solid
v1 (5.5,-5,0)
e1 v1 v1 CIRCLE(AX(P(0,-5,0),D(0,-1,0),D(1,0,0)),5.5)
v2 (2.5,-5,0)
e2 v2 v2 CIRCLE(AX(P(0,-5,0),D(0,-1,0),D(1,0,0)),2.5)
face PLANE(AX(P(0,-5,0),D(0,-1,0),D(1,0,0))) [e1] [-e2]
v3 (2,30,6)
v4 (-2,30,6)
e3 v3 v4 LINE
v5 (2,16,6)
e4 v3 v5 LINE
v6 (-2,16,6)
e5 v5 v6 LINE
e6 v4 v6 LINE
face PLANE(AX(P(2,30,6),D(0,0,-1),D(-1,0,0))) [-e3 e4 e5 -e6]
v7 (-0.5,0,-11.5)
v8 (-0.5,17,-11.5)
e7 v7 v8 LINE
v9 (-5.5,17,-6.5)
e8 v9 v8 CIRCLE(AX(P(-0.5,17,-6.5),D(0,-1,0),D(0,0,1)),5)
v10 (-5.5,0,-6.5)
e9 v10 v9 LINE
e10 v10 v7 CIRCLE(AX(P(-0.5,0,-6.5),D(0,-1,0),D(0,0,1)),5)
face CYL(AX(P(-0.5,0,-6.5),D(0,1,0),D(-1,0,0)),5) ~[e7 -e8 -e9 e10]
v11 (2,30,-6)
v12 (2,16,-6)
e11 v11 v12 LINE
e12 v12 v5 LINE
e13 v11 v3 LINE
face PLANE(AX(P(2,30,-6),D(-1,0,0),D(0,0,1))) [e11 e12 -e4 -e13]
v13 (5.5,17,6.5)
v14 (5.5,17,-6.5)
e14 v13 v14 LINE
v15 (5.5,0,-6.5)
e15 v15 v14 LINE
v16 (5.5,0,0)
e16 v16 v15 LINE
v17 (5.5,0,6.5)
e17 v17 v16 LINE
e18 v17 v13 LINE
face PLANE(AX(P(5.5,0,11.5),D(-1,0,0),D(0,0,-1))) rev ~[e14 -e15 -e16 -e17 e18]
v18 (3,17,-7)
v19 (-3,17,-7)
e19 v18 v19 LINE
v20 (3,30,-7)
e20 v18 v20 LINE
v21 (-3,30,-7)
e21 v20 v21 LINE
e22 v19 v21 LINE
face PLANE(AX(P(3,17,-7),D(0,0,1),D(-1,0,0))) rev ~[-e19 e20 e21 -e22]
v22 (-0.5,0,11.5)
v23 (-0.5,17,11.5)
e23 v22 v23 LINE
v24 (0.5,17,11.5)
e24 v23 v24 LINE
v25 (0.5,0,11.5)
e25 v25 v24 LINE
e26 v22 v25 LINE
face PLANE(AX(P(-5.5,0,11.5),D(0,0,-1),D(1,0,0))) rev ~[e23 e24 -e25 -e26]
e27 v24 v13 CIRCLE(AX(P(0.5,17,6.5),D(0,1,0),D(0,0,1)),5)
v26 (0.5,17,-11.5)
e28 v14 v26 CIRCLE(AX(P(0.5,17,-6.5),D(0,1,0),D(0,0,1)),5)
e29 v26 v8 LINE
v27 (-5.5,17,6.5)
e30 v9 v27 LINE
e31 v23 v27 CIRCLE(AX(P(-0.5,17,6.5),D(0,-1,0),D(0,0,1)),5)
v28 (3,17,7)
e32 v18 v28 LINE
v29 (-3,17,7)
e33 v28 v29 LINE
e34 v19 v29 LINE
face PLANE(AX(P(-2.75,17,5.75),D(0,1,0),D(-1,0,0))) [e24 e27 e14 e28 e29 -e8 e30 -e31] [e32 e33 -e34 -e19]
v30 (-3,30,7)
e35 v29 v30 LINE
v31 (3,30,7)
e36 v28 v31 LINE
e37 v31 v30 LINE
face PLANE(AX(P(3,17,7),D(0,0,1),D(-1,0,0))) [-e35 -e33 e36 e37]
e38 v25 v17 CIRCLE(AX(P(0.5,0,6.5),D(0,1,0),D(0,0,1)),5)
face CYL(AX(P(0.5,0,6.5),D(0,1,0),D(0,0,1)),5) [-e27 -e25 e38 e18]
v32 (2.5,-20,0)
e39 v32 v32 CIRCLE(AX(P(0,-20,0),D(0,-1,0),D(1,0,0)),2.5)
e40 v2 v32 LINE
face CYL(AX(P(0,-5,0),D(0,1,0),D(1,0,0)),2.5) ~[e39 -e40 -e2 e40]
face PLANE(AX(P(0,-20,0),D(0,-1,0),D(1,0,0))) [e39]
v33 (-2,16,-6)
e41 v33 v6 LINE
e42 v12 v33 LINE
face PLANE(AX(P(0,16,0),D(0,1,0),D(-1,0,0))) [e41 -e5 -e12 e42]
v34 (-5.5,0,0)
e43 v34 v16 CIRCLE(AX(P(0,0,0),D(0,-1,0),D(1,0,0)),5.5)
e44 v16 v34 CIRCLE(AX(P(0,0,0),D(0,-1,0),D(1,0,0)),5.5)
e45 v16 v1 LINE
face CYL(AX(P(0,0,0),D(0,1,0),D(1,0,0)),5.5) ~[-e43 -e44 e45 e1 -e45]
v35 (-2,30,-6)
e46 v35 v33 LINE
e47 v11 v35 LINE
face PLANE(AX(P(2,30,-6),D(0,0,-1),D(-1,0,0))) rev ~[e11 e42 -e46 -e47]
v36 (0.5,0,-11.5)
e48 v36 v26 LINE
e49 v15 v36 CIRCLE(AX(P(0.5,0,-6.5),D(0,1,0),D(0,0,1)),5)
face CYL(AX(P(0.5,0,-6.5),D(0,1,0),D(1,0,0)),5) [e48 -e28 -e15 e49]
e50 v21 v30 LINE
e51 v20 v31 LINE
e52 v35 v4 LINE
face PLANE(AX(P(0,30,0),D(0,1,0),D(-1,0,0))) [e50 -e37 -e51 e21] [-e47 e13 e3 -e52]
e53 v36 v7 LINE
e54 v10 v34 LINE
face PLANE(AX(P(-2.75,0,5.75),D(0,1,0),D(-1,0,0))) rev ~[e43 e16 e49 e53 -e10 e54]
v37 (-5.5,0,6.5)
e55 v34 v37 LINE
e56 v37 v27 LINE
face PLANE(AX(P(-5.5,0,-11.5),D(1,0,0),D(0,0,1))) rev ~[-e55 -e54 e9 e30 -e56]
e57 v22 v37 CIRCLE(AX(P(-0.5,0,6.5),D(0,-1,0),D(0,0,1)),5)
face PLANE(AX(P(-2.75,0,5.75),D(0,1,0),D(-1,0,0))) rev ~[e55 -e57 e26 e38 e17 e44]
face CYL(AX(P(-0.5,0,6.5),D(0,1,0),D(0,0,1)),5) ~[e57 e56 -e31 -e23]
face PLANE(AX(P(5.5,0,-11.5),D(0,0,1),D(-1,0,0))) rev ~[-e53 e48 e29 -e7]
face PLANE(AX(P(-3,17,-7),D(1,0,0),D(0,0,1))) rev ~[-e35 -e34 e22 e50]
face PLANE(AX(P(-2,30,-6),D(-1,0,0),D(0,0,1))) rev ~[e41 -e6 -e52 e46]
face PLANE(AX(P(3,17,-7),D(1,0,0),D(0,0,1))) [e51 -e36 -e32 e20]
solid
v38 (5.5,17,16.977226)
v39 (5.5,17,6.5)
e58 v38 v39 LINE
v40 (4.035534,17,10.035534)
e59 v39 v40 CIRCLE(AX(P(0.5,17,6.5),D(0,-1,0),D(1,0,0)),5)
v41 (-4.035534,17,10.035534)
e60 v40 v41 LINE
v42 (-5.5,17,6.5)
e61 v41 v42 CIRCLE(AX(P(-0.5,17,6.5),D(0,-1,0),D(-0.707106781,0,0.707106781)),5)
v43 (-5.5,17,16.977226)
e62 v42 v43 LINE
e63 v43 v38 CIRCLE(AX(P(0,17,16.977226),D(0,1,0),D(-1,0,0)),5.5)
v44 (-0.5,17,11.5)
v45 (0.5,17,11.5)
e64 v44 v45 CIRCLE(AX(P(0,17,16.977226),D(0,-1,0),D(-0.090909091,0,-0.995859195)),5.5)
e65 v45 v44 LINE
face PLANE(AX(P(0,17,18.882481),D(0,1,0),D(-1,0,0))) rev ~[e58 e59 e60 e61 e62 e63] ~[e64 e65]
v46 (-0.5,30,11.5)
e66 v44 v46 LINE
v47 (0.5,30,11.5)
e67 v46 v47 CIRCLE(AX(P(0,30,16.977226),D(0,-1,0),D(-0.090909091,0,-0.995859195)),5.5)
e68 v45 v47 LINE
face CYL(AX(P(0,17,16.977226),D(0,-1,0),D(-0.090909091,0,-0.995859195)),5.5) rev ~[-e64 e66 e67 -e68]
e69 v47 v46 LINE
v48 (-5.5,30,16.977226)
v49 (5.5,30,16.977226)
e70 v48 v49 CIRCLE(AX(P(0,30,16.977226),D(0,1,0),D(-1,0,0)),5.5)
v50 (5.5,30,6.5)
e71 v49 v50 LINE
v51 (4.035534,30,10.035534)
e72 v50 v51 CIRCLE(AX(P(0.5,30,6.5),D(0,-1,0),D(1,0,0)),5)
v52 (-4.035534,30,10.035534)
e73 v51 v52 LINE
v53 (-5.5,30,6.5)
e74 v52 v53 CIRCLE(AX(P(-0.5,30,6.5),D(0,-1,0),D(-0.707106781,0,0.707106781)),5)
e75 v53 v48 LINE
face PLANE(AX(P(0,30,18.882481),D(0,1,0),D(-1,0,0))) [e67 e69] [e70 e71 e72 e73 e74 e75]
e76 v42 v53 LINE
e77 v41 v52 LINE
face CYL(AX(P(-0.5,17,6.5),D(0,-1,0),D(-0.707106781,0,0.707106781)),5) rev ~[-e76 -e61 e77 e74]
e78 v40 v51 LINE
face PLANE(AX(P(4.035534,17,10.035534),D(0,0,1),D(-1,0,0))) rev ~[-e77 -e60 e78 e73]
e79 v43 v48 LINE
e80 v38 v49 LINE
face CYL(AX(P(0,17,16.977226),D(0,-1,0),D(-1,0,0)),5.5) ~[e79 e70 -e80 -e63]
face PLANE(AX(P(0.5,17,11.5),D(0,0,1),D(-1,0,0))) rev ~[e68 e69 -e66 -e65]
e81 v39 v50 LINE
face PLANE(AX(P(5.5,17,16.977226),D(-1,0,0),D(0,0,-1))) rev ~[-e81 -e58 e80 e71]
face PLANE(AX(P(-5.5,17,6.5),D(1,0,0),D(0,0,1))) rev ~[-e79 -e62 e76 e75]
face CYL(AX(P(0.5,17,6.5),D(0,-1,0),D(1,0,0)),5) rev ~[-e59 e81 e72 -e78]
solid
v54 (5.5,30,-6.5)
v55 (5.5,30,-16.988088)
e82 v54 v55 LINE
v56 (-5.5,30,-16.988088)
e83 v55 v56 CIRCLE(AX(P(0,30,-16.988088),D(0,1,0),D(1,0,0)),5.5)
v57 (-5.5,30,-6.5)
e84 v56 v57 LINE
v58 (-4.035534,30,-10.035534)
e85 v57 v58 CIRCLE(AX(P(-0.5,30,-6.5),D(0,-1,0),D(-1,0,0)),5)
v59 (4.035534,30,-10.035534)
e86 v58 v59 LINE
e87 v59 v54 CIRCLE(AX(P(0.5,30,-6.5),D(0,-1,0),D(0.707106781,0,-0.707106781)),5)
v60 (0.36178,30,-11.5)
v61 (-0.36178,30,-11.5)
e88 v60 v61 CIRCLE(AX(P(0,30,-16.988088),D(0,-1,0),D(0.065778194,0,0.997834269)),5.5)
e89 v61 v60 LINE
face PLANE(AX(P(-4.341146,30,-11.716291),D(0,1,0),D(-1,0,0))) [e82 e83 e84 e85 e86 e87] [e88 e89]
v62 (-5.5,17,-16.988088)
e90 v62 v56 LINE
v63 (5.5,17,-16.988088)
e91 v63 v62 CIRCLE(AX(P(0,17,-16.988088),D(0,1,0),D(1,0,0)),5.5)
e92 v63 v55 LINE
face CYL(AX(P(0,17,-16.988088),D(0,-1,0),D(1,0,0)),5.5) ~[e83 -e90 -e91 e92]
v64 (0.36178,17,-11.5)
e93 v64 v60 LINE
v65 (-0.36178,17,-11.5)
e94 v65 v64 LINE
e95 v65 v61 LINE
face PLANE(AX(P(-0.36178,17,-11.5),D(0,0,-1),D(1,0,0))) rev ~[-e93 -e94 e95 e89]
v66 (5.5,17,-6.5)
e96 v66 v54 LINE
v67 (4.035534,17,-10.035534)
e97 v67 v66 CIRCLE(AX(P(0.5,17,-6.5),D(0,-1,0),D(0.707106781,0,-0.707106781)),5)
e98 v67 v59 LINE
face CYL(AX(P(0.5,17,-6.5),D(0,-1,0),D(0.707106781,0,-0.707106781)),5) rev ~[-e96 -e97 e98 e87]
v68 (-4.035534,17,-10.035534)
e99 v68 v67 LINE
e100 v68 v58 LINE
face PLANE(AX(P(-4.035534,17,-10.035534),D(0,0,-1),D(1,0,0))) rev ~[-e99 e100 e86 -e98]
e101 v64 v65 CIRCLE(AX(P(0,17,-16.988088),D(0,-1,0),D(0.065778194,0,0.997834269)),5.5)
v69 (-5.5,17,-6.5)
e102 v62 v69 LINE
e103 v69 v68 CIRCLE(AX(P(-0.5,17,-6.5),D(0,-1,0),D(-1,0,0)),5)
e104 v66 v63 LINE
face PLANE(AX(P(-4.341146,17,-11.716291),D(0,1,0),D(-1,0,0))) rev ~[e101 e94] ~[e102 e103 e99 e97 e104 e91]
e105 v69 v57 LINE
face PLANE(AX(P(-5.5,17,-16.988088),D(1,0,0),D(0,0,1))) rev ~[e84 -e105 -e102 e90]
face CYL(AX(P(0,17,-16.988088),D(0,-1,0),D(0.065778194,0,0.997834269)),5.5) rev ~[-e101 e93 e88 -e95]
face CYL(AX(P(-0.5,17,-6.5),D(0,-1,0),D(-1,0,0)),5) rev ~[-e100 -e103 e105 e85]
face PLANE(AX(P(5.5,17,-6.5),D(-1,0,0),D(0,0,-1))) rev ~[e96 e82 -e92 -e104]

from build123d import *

# Parameters (mm, degrees)
F0_R      = 5.5
F1_DEPTH  = 5
F2_R      = 2.5
F3_DEPTH  = 15
F5_DEPTH  = 17
F6_R      = 5
F7_W      = 6
F7_H      = 14
F8_DEPTH  = 13
F9_W      = 4
F9_H      = 12
F10_DEPTH = 14
F12_DEPTH = 13


with BuildPart() as f1:
    # F0 (on Front) → F1 (new body)
    with BuildSketch(Plane.XZ):
        Circle(F0_R)
    extrude(amount=F1_DEPTH)

    # F2 (on face) → F3 (join)
    with BuildSketch(Plane.XZ.offset(5)):
        Circle(F2_R)
    extrude(amount=F3_DEPTH)

    # F4 (on face) → F5 (join)
    with BuildSketch(Plane(origin=(0, 0, 0), x_dir=(-1, 0, 0), z_dir=(0, 1, 0))):
        Polygon((0, 5.5), (0, 0), (5.5, 0), (5.5, 11.5), (0, 11.5), align=None)
        Polygon((0, -5.5), (0, 0), (-5.5, 0), (-5.5, -11.5), (0, -11.5), align=None)
        Polygon((-5.5, 0), (0, 0), (0, 5.5), (0, 11.5), (-5.5, 11.5), align=None)
        Polygon((5.5, 0), (0, 0), (0, -5.5), (0, -11.5), (5.5, -11.5), align=None)
    extrude(amount=F5_DEPTH)

    # F6
    f6_edges = [f1.edges().sort_by_distance(p)[0] for p in [
        (-5.5, 8.5, -11.5),
        (5.5, 8.5, -11.5),
        (5.5, 8.5, 11.5),
        (-5.5, 8.5, 11.5),
    ]]
    fillet(f6_edges, radius=F6_R)

    # F7 (on face) → F8 (join)
    with BuildSketch(Plane(origin=(0, 17, 0), x_dir=(-1, 0, 0), z_dir=(0, 1, 0))):
        Rectangle(F7_W, F7_H)
    extrude(amount=F8_DEPTH)

    # F9 (on face) → F10 (cut)
    with BuildSketch(Plane(origin=(0, 30, 0), x_dir=(-1, 0, 0), z_dir=(0, 1, 0))):
        Rectangle(F9_W, F9_H)
    extrude(amount=-F10_DEPTH, mode=Mode.SUBTRACT)


with BuildPart() as f12:
    # F11 (on face) → F12 (new body)
    with BuildSketch(Plane(origin=(0, 17, 0), x_dir=(-1, 0, 0), z_dir=(0, 1, 0))):
        with BuildLine():
            Line((0, 16.9772255751), (5.5, 16.9772255751))
            ThreePointArc((5.5, 16.9772255751), (0, 22.4772255751), (-5.5, 16.9772255751))
            Line((-5.5, 16.9772255751), (0, 16.9772255751))
        make_face()
        with BuildLine():
            ThreePointArc((0.5, 11.5), (4.0620192023, 13.2691263315), (5.5, 16.9772255751))
            Line((5.5, 16.9772255751), (0, 16.9772255751))
            Line((0, 16.9772255751), (-5.5, 16.9772255751))
            ThreePointArc((-5.5, 16.9772255751), (-4.0620192023, 13.2691263315), (-0.5, 11.5))
            Line((-0.5, 11.5), (0.5, 11.5))
        make_face()
        with BuildLine():
            Line((5.5, 6.5), (5.5, 16.9772255751))
            ThreePointArc((5.5, 16.9772255751), (4.0620192023, 13.2691263315), (0.5, 11.5))
            ThreePointArc((0.5, 11.5), (2.4134171618, 11.1193976626), (4.0355339059, 10.0355339059))
            ThreePointArc((4.0355339059, 10.0355339059), (5.1193976626, 8.4134171618), (5.5, 6.5))
        make_face()
        with BuildLine():
            ThreePointArc((-0.5, 11.5), (-4.0620192023, 13.2691263315), (-5.5, 16.9772255751))
            Line((-5.5, 16.9772255751), (-5.5, 6.5))
            ThreePointArc((-5.5, 6.5), (-5.1193976626, 8.4134171618), (-4.0355339059, 10.0355339059))
            ThreePointArc((-4.0355339059, 10.0355339059), (-2.4134171618, 11.1193976626), (-0.5, 11.5))
        make_face()
        with BuildLine():
            ThreePointArc((4.0355339059, 10.0355339059), (2.4134171618, 11.1193976626), (0.5, 11.5))
            ThreePointArc((0.5, 11.5), (0, 11.4772255751), (-0.5, 11.5))
            ThreePointArc((-0.5, 11.5), (-2.4134171618, 11.1193976626), (-4.0355339059, 10.0355339059))
            Line((-4.0355339059, 10.0355339059), (4.0355339059, 10.0355339059))
        make_face()
    extrude(amount=F12_DEPTH)


with BuildPart() as f12b:
    # F11 (on face) → F12, piece 2 (new body)
    with BuildSketch(Plane(origin=(0, 17, 0), x_dir=(-1, 0, 0), z_dir=(0, 1, 0))):
        with BuildLine():
            Line((5.5, -16.9880884817), (5.5, -6.5))
            ThreePointArc((5.5, -6.5), (5.1193976626, -8.4134171618), (4.0355339059, -10.0355339059))
            ThreePointArc((4.0355339059, -10.0355339059), (2.4134171618, -11.1193976626), (0.5, -11.5))
            Line((0.5, -11.5), (0.3617800672, -11.5))
            ThreePointArc((0.3617800672, -11.5), (4.0149589269, -13.2290853139), (5.5, -16.9880884817))
        make_face()
        with BuildLine():
            ThreePointArc((-4.0355339059, -10.0355339059), (-5.1193976626, -8.4134171618), (-5.5, -6.5))
            Line((-5.5, -6.5), (-5.5, -16.9880884817))
            ThreePointArc((-5.5, -16.9880884817), (-4.0149589269, -13.2290853139), (-0.3617800672, -11.5))
            Line((-0.3617800672, -11.5), (-0.5, -11.5))
            ThreePointArc((-0.5, -11.5), (-2.4134171618, -11.1193976626), (-4.0355339059, -10.0355339059))
        make_face()
        with BuildLine():
            Line((0, -16.9880884817), (5.5, -16.9880884817))
            ThreePointArc((5.5, -16.9880884817), (4.0149589269, -13.2290853139), (0.3617800672, -11.5))
            Line((0.3617800672, -11.5), (-0.3617800672, -11.5))
            ThreePointArc((-0.3617800672, -11.5), (-4.0149589269, -13.2290853139), (-5.5, -16.9880884817))
            Line((-5.5, -16.9880884817), (0, -16.9880884817))
        make_face()
        with BuildLine():
            ThreePointArc((-5.5, -16.9880884817), (0, -22.4880884817), (5.5, -16.9880884817))
            Line((5.5, -16.9880884817), (0, -16.9880884817))
            Line((0, -16.9880884817), (-5.5, -16.9880884817))
        make_face()
        with BuildLine():
            ThreePointArc((0.5, -11.5), (2.4134171618, -11.1193976626), (4.0355339059, -10.0355339059))
            Line((4.0355339059, -10.0355339059), (-4.0355339059, -10.0355339059))
            ThreePointArc((-4.0355339059, -10.0355339059), (-2.4134171618, -11.1193976626), (-0.5, -11.5))
            Line((-0.5, -11.5), (-0.3617800672, -11.5))
            ThreePointArc((-0.3617800672, -11.5), (0, -11.4880884817), (0.3617800672, -11.5))
            Line((0.3617800672, -11.5), (0.5, -11.5))
        make_face()
    extrude(amount=F12_DEPTH)


solid = Compound([f1.part, f12.part, f12b.part])
